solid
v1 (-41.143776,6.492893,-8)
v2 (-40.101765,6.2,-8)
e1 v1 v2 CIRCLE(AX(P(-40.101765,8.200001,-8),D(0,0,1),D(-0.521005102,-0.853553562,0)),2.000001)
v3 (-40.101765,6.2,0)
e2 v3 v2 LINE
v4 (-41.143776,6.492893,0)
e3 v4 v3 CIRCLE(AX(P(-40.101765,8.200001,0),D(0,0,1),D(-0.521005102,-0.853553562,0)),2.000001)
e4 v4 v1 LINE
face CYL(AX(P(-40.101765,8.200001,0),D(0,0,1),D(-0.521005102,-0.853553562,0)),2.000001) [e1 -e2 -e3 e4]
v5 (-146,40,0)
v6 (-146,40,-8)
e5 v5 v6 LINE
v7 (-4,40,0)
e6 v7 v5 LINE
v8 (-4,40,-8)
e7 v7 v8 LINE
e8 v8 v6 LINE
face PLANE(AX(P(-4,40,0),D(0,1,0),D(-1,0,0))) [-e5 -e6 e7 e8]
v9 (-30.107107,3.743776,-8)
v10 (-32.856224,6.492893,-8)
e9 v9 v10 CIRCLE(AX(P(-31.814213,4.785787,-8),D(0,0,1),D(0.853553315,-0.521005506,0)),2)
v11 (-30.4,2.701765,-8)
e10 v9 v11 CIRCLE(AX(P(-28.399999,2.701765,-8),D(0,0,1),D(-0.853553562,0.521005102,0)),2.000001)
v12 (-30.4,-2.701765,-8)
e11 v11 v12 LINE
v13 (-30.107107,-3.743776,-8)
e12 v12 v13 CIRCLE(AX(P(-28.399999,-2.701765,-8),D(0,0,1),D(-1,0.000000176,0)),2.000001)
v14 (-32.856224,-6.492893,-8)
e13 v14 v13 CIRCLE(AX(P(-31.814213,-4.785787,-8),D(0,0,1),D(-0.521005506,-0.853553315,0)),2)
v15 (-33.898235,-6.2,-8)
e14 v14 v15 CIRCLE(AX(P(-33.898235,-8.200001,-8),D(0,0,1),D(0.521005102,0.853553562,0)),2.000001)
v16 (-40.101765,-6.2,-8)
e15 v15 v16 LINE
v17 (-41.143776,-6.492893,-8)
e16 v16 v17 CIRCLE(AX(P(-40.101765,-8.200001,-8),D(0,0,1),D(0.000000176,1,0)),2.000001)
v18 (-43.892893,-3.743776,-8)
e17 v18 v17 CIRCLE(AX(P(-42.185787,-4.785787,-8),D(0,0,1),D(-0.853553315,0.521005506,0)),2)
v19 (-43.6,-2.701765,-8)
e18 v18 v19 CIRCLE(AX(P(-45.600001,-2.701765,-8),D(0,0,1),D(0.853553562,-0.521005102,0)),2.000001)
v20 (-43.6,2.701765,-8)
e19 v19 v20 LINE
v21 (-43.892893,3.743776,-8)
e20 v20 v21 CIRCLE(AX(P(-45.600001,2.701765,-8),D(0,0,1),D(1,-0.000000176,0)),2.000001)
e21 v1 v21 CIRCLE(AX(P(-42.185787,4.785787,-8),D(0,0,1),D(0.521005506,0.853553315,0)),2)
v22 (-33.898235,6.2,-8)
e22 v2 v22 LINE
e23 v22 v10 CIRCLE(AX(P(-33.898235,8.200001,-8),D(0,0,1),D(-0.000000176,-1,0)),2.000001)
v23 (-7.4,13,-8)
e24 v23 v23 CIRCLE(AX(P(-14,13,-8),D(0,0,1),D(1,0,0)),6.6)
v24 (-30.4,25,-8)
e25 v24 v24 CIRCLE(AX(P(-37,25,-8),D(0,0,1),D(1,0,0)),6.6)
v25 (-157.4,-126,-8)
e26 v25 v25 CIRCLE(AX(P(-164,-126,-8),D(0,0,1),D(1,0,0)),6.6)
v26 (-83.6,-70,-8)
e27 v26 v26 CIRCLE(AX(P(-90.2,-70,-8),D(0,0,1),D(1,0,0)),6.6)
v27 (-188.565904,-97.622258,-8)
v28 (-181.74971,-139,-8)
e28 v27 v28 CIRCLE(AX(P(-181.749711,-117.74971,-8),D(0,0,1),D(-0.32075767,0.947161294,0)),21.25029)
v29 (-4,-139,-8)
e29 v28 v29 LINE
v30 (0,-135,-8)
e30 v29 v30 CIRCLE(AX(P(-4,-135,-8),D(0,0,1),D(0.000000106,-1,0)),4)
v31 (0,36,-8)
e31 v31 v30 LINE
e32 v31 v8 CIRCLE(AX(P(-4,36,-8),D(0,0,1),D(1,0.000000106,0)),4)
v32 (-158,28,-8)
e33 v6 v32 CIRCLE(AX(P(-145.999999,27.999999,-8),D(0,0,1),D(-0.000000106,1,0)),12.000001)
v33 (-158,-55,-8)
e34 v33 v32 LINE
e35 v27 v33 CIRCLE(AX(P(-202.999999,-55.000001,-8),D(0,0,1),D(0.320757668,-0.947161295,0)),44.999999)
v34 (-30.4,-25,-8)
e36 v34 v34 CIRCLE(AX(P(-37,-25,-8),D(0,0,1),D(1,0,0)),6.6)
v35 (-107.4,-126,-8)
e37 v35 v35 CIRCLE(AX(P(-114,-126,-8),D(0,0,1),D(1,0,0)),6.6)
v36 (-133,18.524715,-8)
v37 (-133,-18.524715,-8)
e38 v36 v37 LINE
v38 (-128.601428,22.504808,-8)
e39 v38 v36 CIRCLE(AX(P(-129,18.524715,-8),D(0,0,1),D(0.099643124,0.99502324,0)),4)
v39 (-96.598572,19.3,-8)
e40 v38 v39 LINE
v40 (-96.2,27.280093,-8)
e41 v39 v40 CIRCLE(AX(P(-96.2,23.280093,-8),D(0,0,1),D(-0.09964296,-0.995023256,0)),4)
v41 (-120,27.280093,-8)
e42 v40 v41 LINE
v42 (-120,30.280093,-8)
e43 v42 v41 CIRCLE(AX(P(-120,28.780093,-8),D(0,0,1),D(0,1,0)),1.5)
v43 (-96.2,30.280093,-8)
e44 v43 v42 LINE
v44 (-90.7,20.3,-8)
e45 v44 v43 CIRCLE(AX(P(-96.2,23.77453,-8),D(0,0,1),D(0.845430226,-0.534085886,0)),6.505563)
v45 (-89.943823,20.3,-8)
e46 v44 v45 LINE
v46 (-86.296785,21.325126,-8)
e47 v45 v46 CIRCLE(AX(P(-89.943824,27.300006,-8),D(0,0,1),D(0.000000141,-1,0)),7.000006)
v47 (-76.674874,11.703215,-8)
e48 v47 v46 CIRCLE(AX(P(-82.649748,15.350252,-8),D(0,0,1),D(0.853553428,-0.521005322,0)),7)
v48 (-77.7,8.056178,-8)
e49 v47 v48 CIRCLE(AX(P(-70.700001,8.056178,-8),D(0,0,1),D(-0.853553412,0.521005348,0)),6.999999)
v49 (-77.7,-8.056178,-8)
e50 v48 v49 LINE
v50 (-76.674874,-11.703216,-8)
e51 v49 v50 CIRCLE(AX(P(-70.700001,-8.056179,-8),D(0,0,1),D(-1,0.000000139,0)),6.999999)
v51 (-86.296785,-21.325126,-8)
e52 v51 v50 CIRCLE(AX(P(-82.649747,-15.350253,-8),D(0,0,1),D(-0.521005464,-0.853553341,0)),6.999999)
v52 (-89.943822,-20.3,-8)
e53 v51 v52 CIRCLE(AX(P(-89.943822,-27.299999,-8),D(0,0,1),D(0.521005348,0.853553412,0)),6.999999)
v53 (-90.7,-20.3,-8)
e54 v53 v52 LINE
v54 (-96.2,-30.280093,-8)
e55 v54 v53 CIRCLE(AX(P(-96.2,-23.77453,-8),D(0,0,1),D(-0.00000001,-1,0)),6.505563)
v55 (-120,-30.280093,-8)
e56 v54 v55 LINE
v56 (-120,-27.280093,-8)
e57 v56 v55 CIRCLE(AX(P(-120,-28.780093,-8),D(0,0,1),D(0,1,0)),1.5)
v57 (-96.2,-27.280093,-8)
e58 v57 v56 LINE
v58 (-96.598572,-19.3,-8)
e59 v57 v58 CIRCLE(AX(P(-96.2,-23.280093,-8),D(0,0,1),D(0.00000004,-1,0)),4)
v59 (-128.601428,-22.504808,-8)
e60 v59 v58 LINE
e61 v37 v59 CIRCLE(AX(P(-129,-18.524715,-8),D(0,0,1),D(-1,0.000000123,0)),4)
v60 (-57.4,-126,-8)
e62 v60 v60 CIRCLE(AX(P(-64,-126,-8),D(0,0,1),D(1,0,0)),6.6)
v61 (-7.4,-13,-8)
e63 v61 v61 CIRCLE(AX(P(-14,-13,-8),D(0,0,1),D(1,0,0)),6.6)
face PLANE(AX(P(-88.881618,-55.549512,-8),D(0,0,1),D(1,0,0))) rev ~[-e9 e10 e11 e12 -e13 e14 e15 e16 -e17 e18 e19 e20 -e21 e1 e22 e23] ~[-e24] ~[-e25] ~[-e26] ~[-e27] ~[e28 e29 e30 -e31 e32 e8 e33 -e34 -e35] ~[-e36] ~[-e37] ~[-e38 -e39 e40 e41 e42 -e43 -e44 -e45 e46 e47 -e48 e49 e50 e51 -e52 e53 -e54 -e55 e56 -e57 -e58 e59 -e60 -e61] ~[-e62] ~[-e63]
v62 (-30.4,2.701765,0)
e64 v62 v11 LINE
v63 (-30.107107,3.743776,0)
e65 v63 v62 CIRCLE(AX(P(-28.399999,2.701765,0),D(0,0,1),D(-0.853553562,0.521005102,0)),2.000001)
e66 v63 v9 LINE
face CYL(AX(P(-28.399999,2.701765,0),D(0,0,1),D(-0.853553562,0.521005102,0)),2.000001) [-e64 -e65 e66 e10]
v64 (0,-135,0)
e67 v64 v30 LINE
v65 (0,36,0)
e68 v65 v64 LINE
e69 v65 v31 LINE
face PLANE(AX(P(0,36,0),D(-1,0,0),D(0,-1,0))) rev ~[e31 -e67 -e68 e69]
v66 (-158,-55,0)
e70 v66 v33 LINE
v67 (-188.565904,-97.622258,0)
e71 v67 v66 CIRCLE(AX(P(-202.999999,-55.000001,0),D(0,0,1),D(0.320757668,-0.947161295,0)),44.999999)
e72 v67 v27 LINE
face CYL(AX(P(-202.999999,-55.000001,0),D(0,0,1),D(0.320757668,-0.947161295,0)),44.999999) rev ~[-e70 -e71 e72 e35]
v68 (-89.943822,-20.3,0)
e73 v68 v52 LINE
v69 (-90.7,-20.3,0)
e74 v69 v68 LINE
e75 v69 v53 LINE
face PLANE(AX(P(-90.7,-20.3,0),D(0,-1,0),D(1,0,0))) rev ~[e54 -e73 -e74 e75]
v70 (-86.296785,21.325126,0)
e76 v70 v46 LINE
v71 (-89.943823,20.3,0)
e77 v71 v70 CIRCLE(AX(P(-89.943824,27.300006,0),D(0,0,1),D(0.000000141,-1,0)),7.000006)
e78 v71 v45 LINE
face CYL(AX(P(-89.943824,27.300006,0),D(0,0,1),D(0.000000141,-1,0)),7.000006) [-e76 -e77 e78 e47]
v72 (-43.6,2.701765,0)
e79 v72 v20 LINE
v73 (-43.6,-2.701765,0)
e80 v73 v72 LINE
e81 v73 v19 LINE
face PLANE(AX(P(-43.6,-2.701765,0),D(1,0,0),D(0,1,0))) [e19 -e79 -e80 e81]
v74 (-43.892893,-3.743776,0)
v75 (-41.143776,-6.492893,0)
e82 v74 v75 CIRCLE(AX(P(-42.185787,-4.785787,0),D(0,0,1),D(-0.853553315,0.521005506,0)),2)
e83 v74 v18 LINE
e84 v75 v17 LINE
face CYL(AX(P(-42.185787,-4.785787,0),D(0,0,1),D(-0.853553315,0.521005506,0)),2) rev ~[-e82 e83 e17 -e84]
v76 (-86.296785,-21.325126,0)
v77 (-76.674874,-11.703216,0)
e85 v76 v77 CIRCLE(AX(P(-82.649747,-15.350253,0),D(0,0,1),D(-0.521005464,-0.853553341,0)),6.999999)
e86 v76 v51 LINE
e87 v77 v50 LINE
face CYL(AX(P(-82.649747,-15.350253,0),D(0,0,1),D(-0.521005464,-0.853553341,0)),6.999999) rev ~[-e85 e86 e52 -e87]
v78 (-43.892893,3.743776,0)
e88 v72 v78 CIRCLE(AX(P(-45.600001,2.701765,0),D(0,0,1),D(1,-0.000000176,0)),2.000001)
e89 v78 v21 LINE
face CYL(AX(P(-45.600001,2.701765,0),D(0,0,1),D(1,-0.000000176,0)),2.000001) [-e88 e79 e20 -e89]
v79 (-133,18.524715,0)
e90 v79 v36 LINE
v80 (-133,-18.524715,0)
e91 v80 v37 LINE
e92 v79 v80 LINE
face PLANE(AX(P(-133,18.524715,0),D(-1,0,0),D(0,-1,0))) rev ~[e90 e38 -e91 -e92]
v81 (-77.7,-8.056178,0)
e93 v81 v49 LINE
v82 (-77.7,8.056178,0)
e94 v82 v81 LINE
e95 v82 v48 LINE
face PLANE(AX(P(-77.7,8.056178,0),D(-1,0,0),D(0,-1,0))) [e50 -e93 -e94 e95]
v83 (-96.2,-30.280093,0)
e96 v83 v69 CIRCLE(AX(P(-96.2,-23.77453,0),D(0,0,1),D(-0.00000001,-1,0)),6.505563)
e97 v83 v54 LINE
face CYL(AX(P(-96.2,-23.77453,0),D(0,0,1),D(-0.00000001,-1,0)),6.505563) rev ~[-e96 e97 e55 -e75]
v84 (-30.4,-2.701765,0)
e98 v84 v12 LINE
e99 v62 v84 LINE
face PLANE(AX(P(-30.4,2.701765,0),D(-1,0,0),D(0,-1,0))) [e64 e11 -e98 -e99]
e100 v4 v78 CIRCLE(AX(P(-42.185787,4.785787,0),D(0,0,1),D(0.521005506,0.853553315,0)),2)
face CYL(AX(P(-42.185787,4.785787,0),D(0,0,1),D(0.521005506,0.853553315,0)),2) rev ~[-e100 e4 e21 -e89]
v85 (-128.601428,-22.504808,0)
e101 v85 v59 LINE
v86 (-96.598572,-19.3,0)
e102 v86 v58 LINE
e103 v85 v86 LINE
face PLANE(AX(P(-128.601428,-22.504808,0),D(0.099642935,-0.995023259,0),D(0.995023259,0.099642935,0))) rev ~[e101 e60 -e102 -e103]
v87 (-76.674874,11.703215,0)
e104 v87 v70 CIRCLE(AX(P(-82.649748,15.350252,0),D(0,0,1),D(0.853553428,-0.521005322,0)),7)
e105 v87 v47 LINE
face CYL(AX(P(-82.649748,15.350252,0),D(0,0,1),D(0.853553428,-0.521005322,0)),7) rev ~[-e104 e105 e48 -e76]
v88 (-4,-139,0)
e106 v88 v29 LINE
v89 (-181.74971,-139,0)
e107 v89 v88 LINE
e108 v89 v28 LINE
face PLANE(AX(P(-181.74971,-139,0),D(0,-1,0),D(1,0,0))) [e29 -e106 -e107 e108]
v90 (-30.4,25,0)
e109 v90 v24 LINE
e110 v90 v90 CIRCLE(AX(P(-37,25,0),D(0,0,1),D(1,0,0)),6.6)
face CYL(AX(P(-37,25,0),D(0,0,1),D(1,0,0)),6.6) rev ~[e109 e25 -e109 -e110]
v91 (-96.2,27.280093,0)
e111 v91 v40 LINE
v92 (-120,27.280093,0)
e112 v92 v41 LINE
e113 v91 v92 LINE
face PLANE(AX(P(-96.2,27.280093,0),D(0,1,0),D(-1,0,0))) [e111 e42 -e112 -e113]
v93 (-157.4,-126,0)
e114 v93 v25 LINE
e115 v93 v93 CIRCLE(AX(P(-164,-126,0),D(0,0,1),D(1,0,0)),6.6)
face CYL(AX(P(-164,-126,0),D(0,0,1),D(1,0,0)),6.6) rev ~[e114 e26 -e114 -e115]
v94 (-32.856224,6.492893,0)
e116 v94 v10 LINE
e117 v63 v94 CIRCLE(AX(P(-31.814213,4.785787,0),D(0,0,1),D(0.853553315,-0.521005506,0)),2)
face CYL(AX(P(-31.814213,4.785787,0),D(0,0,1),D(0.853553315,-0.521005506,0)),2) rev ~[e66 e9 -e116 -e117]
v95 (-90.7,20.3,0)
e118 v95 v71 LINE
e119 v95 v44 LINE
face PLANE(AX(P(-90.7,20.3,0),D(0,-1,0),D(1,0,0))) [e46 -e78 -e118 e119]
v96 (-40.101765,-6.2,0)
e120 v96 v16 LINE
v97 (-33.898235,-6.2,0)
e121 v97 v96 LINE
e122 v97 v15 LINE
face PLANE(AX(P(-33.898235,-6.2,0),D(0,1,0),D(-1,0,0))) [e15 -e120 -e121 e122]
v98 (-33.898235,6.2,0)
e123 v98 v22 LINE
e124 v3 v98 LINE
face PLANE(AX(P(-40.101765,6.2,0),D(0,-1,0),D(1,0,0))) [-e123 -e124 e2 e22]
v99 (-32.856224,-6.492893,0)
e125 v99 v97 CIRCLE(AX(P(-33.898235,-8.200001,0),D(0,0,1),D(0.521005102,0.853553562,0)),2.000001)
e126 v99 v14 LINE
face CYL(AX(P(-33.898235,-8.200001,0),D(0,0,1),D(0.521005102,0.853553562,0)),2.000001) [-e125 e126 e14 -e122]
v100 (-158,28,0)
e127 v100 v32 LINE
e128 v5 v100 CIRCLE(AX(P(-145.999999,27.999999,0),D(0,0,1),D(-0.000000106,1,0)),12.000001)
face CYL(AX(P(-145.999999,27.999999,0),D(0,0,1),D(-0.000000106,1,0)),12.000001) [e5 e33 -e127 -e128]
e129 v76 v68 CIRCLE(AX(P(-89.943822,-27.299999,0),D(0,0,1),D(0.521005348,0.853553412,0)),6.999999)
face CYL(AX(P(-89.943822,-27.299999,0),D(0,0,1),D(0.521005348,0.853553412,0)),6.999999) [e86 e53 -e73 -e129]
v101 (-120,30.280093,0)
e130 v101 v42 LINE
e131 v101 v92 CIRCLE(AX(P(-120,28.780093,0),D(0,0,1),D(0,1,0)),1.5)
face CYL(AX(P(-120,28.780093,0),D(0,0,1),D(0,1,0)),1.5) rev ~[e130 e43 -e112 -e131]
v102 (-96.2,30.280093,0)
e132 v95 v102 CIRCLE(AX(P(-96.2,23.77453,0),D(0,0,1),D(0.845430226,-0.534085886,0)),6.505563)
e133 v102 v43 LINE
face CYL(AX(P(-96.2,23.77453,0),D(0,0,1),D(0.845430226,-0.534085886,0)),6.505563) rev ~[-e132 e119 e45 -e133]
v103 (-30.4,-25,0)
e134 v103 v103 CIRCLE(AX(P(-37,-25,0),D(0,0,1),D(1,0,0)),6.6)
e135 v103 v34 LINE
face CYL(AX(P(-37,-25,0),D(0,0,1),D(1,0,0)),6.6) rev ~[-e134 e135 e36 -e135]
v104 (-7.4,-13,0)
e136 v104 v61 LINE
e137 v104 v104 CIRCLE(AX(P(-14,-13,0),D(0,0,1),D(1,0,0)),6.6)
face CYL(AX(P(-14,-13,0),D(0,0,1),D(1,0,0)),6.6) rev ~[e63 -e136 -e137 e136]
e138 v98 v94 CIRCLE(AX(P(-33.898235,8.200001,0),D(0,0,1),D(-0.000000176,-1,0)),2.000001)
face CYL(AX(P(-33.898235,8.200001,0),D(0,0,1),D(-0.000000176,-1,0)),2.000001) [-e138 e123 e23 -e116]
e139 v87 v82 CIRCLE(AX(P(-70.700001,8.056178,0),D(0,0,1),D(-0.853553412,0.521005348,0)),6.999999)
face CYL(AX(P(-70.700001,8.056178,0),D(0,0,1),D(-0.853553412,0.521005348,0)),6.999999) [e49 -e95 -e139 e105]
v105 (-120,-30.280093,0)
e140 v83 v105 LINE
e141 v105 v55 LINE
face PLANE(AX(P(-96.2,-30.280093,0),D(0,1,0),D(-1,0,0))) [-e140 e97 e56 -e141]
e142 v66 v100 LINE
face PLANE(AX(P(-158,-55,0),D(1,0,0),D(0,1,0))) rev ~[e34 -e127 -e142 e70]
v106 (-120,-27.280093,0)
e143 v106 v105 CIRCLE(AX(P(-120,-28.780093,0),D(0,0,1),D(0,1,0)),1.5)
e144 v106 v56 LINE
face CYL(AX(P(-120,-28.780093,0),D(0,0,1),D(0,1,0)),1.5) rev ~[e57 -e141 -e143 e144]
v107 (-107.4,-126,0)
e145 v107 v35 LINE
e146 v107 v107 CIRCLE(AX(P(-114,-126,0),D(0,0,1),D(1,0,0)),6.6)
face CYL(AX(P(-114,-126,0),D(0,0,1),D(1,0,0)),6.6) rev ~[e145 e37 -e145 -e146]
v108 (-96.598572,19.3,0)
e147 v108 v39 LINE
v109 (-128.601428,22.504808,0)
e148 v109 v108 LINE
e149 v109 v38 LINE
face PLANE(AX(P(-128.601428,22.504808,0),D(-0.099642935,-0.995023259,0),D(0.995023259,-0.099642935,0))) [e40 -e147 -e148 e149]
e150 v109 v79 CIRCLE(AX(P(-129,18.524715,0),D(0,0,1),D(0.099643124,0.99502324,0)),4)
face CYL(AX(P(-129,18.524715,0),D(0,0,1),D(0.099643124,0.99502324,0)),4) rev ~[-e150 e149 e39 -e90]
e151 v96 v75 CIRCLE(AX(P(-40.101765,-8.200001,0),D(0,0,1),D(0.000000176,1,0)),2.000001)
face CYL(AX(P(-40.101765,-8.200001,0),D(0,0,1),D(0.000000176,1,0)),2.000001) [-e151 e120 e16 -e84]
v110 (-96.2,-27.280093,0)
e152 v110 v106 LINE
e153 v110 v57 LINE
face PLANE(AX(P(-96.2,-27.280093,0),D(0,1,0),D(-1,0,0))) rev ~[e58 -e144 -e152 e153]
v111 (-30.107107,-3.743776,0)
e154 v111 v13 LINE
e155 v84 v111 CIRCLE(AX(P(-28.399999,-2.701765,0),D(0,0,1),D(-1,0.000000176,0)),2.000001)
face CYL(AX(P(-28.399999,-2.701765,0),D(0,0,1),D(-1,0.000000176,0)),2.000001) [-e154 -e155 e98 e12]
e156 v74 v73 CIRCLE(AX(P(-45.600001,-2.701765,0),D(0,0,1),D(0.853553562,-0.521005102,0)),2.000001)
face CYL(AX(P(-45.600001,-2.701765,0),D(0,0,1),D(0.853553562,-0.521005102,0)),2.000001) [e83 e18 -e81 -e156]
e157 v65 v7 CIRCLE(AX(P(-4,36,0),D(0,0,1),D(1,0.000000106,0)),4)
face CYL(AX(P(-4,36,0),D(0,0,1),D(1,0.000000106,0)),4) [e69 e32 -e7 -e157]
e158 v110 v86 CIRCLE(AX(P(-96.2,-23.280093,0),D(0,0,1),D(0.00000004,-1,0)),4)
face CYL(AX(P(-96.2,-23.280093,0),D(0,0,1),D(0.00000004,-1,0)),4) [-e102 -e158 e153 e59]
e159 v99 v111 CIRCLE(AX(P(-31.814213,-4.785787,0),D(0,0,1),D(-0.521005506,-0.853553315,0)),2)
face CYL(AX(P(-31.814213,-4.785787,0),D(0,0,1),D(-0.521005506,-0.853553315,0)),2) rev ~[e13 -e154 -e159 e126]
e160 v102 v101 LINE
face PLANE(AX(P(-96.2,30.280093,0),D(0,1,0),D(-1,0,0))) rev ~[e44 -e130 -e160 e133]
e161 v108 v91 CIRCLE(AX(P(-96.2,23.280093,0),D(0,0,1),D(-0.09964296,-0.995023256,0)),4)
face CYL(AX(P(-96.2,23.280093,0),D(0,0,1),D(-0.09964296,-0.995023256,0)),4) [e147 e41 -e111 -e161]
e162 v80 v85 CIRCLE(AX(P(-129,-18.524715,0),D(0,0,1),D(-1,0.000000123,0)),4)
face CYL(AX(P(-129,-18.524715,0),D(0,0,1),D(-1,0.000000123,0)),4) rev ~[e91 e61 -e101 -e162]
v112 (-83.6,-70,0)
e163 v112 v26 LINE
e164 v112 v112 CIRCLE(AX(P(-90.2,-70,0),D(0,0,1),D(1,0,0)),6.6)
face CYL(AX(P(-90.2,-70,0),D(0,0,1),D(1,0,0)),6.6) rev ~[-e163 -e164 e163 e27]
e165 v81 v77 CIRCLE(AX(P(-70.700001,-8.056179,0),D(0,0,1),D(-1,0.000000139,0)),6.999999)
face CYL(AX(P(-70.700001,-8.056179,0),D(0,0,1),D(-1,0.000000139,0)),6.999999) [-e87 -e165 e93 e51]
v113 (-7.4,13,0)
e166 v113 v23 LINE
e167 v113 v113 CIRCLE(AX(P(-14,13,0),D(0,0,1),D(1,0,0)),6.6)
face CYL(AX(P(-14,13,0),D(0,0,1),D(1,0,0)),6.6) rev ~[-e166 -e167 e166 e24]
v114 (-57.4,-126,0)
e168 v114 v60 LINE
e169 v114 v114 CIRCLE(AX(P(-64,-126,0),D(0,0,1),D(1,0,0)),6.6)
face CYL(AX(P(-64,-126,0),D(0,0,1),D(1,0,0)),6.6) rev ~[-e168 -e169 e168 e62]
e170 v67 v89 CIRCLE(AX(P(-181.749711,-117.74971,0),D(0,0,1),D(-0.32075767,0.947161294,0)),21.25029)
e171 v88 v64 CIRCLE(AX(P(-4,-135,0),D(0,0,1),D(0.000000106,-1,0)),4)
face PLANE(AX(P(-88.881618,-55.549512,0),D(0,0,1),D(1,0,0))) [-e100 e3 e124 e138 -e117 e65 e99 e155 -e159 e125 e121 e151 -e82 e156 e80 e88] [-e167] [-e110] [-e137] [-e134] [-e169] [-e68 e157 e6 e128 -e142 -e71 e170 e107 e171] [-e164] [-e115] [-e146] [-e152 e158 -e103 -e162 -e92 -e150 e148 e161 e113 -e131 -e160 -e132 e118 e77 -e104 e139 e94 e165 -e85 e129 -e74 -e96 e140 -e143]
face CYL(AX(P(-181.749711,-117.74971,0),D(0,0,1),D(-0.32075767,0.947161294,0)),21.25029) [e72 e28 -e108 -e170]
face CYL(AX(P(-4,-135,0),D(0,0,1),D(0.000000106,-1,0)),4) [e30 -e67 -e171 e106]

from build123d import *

# Parameters (mm, degrees)
SKETCH_R  = 6.6
PAD_DEPTH = 8


with BuildPart() as part:
    # Sketch → Pad (new body)
    with BuildSketch(Plane.XY):
        with BuildLine():
            Line((-4, 40), (-146, 40))
            ThreePointArc((-146, 40), (-154.485281, 36.485281), (-158, 28))
            Line((-158, -55), (-158, 28))
            ThreePointArc((-188.565904, -97.622258), (-166.431336, -81.224661), (-158, -55))
            ThreePointArc((-188.565904, -97.622258), (-202.717412, -121.203739), (-181.74971, -139))
            Line((-181.74971, -139), (-4, -139))
            ThreePointArc((-4, -139), (-1.171573, -137.828427), (0, -135))
            Line((0, 36), (0, -135))
            ThreePointArc((0, 36), (-1.171573, 38.828427), (-4, 40))
        make_face()
        with Locations((-37, 25)):
            Circle(SKETCH_R, mode=Mode.SUBTRACT)
        with Locations((-37, -25)):
            Circle(SKETCH_R, mode=Mode.SUBTRACT)
        with Locations((-14, 13)):
            Circle(SKETCH_R, mode=Mode.SUBTRACT)
        with Locations((-14, -13)):
            Circle(SKETCH_R, mode=Mode.SUBTRACT)
        with Locations((-164, -126)):
            Circle(SKETCH_R, mode=Mode.SUBTRACT)
        with Locations((-114, -126)):
            Circle(SKETCH_R, mode=Mode.SUBTRACT)
        with Locations((-64, -126)):
            Circle(SKETCH_R, mode=Mode.SUBTRACT)
        with Locations((-90.2, -70)):
            Circle(SKETCH_R, mode=Mode.SUBTRACT)
        with BuildLine():
            Line((-40.101765, 6.2), (-33.898235, 6.2))
            ThreePointArc((-33.898235, 6.2), (-33.357039, 6.274615), (-32.856224, 6.492893))
            ThreePointArc((-30.107107, 3.743776), (-30.4, 6.2), (-32.856224, 6.492893))
            ThreePointArc((-30.107107, 3.743776), (-30.325385, 3.242961), (-30.4, 2.701765))
            Line((-30.4, 2.701765), (-30.4, -2.701765))
            ThreePointArc((-30.4, -2.701765), (-30.325385, -3.242961), (-30.107107, -3.743776))
            ThreePointArc((-32.856224, -6.492893), (-30.4, -6.2), (-30.107107, -3.743776))
            ThreePointArc((-32.856224, -6.492893), (-33.357039, -6.274615), (-33.898235, -6.2))
            Line((-33.898235, -6.2), (-40.101765, -6.2))
            ThreePointArc((-40.101765, -6.2), (-40.642961, -6.274615), (-41.143776, -6.492893))
            ThreePointArc((-43.892893, -3.743776), (-43.6, -6.2), (-41.143776, -6.492893))
            ThreePointArc((-43.892893, -3.743776), (-43.674615, -3.242961), (-43.6, -2.701765))
            Line((-43.6, -2.701765), (-43.6, 2.701765))
            ThreePointArc((-43.6, 2.701765), (-43.674615, 3.242961), (-43.892893, 3.743776))
            ThreePointArc((-41.143776, 6.492893), (-43.6, 6.2), (-43.892893, 3.743776))
            ThreePointArc((-41.143776, 6.492893), (-40.642961, 6.274615), (-40.101765, 6.2))
        make_face(mode=Mode.SUBTRACT)
        with BuildLine():
            Line((-90.7, 20.3), (-89.943823, 20.3))
            ThreePointArc((-89.943823, 20.3), (-88.049637, 20.561153), (-86.296785, 21.325126))
            ThreePointArc((-76.674874, 11.703215), (-77.700001, 20.3), (-86.296785, 21.325126))
            ThreePointArc((-76.674874, 11.703215), (-77.438847, 9.950364), (-77.7, 8.056178))
            Line((-77.7, 8.056178), (-77.7, -8.056178))
            ThreePointArc((-77.7, -8.056178), (-77.438847, -9.950365), (-76.674874, -11.703216))
            ThreePointArc((-86.296785, -21.325126), (-77.7, -20.3), (-76.674874, -11.703216))
            ThreePointArc((-86.296785, -21.325126), (-88.049636, -20.561153), (-89.943822, -20.3))
            Line((-90.7, -20.3), (-89.943822, -20.3))
            ThreePointArc((-96.2, -30.280093), (-90.502363, -26.91448), (-90.7, -20.3))
            Line((-96.2, -30.280093), (-120, -30.280093))
            ThreePointArc((-120, -27.280093), (-121.5, -28.780093), (-120, -30.280093))
            Line((-96.2, -27.280093), (-120, -27.280093))
            ThreePointArc((-96.2, -27.280093), (-92.20498, -23.080559), (-96.598572, -19.3))
            Line((-128.601428, -22.504808), (-96.598572, -19.3))
            ThreePointArc((-133, -18.524715), (-131.683814, -21.490713), (-128.601428, -22.504808))
            Line((-133, 18.524715), (-133, -18.524715))
            ThreePointArc((-128.601428, 22.504808), (-131.683814, 21.490713), (-133, 18.524715))
            Line((-128.601428, 22.504808), (-96.598572, 19.3))
            ThreePointArc((-96.598572, 19.3), (-92.20498, 23.080559), (-96.2, 27.280093))
            Line((-96.2, 27.280093), (-120, 27.280093))
            ThreePointArc((-120, 30.280093), (-121.5, 28.780093), (-120, 27.280093))
            Line((-96.2, 30.280093), (-120, 30.280093))
            ThreePointArc((-90.7, 20.3), (-90.502363, 26.91448), (-96.2, 30.280093))
        make_face(mode=Mode.SUBTRACT)
    extrude(amount=-PAD_DEPTH)


solid = part.part
